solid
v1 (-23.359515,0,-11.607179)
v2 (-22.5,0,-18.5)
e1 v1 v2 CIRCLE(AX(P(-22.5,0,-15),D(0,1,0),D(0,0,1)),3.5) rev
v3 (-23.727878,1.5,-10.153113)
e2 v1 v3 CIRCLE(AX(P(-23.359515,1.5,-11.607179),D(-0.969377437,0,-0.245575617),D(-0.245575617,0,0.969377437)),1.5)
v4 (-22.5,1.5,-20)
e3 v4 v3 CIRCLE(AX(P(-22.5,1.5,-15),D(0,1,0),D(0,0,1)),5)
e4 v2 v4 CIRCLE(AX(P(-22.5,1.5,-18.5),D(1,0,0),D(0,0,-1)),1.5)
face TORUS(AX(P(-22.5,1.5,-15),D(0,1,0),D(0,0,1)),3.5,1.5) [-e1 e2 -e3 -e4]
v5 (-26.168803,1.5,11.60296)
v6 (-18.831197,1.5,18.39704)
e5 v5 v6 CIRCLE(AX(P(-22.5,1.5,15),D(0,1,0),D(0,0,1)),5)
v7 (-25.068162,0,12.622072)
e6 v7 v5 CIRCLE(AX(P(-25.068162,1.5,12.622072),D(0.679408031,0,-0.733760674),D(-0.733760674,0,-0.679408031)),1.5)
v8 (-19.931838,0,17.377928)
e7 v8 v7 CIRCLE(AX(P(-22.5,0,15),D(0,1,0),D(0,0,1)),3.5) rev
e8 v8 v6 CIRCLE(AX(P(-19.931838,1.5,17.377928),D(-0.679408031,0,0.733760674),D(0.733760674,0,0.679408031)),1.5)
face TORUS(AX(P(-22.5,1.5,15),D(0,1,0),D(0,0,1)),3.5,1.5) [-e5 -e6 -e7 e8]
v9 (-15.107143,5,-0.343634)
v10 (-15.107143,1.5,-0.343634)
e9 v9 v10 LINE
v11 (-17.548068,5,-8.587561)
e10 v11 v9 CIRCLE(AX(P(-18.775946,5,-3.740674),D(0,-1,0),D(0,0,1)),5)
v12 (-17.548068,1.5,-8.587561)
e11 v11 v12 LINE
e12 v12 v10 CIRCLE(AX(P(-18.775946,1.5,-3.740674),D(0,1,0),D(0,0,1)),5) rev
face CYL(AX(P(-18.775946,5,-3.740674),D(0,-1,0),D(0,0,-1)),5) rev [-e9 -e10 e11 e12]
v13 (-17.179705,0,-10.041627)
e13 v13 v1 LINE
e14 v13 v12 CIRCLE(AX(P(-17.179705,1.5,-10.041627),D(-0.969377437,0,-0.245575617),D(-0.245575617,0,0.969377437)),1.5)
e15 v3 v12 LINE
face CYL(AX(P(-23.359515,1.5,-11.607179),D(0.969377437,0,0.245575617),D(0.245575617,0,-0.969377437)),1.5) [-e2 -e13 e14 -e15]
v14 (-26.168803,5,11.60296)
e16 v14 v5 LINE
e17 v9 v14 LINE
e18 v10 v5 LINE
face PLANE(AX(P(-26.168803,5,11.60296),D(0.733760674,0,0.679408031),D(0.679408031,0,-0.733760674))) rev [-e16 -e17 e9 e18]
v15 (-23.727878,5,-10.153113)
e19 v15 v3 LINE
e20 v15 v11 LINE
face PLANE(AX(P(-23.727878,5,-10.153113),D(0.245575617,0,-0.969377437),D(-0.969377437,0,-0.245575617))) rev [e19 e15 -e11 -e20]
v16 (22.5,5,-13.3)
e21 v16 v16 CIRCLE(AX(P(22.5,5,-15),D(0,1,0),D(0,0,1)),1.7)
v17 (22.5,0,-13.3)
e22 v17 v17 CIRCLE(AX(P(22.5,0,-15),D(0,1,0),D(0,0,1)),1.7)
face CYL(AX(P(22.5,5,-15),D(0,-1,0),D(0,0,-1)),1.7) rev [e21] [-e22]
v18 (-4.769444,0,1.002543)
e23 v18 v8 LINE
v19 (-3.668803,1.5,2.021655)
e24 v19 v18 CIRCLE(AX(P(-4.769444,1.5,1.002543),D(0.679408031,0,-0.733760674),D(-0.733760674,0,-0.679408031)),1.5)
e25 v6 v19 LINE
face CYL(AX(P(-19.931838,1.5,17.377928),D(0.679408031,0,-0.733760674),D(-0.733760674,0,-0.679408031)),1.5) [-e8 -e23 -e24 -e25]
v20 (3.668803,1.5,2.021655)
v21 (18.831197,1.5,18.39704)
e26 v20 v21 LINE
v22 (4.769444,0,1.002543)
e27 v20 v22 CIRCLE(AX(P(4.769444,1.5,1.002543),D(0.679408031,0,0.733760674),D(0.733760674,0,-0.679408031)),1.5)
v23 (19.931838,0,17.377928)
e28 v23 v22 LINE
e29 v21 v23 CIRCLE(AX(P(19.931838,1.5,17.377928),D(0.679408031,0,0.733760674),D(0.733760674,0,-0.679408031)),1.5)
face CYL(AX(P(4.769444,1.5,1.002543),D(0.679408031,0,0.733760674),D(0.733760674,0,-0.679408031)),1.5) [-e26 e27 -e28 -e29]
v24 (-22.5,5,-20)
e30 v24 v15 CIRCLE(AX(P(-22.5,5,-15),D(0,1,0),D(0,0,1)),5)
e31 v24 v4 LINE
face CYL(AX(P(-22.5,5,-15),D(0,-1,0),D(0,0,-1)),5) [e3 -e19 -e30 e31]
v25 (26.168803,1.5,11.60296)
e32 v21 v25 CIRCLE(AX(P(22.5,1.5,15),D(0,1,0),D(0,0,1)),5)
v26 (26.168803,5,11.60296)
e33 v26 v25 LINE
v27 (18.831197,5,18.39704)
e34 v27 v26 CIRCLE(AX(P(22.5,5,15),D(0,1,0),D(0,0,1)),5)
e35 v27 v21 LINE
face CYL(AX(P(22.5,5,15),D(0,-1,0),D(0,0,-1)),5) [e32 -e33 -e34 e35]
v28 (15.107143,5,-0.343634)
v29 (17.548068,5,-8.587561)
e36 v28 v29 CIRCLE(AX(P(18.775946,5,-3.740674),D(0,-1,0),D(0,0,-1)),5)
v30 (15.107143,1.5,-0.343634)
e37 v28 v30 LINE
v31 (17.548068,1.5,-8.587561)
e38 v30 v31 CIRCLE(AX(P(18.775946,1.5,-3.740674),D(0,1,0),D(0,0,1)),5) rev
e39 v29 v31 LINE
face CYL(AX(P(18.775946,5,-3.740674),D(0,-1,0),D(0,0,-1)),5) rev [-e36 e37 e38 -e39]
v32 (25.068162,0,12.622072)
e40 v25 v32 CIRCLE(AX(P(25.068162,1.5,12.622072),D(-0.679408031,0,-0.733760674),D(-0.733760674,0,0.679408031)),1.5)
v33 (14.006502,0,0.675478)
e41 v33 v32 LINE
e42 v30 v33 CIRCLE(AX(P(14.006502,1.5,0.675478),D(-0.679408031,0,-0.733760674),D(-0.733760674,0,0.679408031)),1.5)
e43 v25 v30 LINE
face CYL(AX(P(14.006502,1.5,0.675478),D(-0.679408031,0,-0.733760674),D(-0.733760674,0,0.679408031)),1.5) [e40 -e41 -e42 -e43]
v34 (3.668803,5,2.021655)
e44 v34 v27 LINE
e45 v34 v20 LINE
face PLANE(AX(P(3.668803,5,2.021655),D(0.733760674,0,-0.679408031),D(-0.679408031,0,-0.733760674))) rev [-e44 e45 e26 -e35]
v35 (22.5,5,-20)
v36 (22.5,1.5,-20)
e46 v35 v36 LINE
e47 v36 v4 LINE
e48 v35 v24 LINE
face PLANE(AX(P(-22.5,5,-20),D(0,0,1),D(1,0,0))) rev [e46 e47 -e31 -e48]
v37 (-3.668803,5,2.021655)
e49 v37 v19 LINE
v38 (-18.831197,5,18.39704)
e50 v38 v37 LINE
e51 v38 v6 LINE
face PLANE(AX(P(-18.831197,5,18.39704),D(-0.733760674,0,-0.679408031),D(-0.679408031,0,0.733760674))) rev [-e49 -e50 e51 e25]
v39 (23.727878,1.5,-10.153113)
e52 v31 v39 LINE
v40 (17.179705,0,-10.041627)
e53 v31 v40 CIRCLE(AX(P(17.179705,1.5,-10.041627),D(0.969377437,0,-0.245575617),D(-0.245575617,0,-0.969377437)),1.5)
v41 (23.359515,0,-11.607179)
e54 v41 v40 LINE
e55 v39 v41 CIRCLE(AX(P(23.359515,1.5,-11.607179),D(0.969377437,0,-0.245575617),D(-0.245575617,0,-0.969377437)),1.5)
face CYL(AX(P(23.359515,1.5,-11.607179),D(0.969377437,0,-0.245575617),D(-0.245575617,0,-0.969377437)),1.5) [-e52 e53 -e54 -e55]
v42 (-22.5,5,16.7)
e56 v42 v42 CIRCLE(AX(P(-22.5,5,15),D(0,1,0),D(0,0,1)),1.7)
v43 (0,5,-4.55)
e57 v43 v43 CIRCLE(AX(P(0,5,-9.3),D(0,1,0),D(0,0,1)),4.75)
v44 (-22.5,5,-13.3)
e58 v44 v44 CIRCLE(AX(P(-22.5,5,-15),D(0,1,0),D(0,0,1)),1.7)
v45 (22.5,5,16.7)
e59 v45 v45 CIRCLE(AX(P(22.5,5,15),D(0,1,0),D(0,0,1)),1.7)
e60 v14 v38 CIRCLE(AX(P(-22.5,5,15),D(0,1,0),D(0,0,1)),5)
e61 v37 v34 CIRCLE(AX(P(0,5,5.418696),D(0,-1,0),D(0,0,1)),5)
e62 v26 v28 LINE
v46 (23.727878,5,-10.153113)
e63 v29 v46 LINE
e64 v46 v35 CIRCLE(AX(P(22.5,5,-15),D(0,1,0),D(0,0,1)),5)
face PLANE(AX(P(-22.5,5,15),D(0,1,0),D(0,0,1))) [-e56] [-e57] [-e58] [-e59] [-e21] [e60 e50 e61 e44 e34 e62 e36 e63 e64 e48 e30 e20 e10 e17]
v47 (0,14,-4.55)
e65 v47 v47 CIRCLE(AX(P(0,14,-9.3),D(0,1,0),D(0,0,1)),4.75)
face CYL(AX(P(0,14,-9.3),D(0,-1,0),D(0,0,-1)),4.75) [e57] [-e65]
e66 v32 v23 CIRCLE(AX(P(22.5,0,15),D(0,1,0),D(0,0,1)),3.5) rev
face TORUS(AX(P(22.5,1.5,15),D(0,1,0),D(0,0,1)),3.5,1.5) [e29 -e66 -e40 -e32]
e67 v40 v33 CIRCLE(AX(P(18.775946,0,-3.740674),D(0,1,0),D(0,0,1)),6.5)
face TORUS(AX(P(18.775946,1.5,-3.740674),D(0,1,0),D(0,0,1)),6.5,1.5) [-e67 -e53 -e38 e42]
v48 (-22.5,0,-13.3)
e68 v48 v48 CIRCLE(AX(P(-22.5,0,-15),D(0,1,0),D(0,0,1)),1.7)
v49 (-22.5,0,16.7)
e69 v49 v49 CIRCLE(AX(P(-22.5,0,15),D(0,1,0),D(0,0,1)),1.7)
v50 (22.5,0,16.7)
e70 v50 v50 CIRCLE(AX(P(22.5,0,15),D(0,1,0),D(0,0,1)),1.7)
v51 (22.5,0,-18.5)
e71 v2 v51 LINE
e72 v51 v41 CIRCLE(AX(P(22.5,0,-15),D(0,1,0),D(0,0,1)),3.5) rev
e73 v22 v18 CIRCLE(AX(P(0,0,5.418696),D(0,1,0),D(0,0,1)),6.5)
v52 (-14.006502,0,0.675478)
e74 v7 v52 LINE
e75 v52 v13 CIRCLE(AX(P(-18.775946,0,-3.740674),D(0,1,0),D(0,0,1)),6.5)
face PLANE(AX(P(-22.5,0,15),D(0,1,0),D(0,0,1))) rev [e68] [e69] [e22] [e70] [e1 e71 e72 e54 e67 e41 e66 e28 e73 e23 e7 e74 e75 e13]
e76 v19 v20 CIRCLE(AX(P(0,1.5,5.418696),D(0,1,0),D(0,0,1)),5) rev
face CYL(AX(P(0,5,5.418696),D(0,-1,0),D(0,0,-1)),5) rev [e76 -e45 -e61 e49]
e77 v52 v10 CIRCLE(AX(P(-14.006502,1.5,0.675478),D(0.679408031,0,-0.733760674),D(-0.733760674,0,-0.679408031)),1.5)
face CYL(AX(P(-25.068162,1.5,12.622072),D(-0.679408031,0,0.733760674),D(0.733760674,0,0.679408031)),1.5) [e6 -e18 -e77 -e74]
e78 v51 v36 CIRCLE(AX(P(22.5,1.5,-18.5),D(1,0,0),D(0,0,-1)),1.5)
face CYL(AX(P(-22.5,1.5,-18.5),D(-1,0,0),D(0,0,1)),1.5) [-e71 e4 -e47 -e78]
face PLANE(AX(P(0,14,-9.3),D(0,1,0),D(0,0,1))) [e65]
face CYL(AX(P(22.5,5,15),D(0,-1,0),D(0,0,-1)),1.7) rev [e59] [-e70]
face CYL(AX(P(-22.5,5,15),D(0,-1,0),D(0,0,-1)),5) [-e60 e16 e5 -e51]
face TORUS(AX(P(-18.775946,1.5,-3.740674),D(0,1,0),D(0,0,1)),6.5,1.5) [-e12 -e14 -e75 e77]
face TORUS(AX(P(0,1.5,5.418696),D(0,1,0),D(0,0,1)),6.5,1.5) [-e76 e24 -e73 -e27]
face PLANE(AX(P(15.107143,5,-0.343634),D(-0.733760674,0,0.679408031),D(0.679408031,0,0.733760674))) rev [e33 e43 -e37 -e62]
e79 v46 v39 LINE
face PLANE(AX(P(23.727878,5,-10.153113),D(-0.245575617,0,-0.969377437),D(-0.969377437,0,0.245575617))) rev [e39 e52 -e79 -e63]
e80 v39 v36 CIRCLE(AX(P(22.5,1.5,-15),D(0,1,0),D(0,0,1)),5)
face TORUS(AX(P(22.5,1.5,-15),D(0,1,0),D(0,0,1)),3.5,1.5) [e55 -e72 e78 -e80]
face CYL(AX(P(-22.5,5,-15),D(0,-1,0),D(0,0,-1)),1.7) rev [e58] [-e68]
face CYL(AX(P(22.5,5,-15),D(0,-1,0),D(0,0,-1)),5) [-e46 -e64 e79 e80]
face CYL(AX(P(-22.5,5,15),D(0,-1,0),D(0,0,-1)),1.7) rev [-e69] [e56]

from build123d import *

# Parameters (mm, degrees)
SKETCH1_R           = 1.7
BOSS_EXTRUDE1_DEPTH = 5
SKETCH2_R           = 4.75
BOSS_EXTRUDE2_DEPTH = 9
FILLET1_R           = 1.5


with BuildPart() as part:
    # Sketch1 → Boss-Extrude1 (new body)
    with BuildSketch(Plane(origin=(0, 0, 0), x_dir=(1, 0, 0), z_dir=(0, 1, 0))):
        with BuildLine():
            Line((-26.16880337, -11.602959843), (-15.107142779, 0.343633596))
            ThreePointArc((-15.107142779, 0.343633596), (-13.981683241, 5.160195913), (-17.548068062, 8.58756094))
            Line((-17.548068062, 8.58756094), (-23.727878087, 10.153112813))
            ThreePointArc((-23.727878087, 10.153112813), (-27.461574142, 15.618693812), (-22.5, 20))
            Line((-22.5, 20), (22.5, 20))
            ThreePointArc((22.5, 20), (27.461574142, 15.618693812), (23.727878087, 10.153112813))
            Line((23.727878087, 10.153112813), (17.548068062, 8.58756094))
            ThreePointArc((17.548068062, 8.58756094), (13.981683241, 5.160195913), (15.107142779, 0.343633596))
            Line((15.107142779, 0.343633596), (26.16880337, -11.602959843))
            ThreePointArc((26.16880337, -11.602959843), (25.897040157, -18.66880337), (18.83119663, -18.397040157))
            Line((18.83119663, -18.397040157), (3.66880337, -2.021655437))
            ThreePointArc((3.66880337, -2.021655437), (0, -0.418695594), (-3.66880337, -2.021655437))
            Line((-3.66880337, -2.021655437), (-18.83119663, -18.397040157))
            ThreePointArc((-18.83119663, -18.397040157), (-25.897040157, -18.66880337), (-26.16880337, -11.602959843))
        make_face()
        with Locations(Location((22.5, 15, 0), (0, 0, 270))):
            Circle(SKETCH1_R, mode=Mode.SUBTRACT)
        with Locations(Location((22.5, -15, 0), (0, 0, 270))):
            Circle(SKETCH1_R, mode=Mode.SUBTRACT)
        with Locations(Location((-22.5, 15, 0), (0, 0, 270))):
            Circle(SKETCH1_R, mode=Mode.SUBTRACT)
        with Locations(Location((-22.5, -15, 0), (0, 0, 270))):
            Circle(SKETCH1_R, mode=Mode.SUBTRACT)
    extrude(amount=BOSS_EXTRUDE1_DEPTH)

    # Sketch2 → Boss-Extrude2 (add)
    with BuildSketch(Plane(origin=(0, 5, 0), x_dir=(1, 0, 0), z_dir=(0, 1, 0))):
        with Locations(Location((0, 9.3, 0), (0, 0, 270))):
            Circle(SKETCH2_R)
    extrude(amount=BOSS_EXTRUDE2_DEPTH)

    # Fillet1
    fillet1_edges = [part.edges().sort_by_distance(p)[0] for p in [
        (-20.637973075, 0, 5.629663123),
        (-13.981683241, 0, -5.160195913),
        (-20.637973075, 0, -9.370336877),
        (-27.461574142, 0, -15.618693812),
        (0, 0, -20),
        (27.461574142, 0, -15.618693812),
        (20.637973075, 0, -9.370336877),
        (13.981683241, 0, -5.160195913),
        (20.637973075, 0, 5.629663123),
        (25.897040157, 0, 18.66880337),
        (11.25, 0, 10.209347797),
        (0, 0, 0.418695594),
        (-11.25, 0, 10.209347797),
        (-25.897040157, 0, 18.66880337),
    ]]
    fillet(fillet1_edges, radius=FILLET1_R)


solid = part.part
